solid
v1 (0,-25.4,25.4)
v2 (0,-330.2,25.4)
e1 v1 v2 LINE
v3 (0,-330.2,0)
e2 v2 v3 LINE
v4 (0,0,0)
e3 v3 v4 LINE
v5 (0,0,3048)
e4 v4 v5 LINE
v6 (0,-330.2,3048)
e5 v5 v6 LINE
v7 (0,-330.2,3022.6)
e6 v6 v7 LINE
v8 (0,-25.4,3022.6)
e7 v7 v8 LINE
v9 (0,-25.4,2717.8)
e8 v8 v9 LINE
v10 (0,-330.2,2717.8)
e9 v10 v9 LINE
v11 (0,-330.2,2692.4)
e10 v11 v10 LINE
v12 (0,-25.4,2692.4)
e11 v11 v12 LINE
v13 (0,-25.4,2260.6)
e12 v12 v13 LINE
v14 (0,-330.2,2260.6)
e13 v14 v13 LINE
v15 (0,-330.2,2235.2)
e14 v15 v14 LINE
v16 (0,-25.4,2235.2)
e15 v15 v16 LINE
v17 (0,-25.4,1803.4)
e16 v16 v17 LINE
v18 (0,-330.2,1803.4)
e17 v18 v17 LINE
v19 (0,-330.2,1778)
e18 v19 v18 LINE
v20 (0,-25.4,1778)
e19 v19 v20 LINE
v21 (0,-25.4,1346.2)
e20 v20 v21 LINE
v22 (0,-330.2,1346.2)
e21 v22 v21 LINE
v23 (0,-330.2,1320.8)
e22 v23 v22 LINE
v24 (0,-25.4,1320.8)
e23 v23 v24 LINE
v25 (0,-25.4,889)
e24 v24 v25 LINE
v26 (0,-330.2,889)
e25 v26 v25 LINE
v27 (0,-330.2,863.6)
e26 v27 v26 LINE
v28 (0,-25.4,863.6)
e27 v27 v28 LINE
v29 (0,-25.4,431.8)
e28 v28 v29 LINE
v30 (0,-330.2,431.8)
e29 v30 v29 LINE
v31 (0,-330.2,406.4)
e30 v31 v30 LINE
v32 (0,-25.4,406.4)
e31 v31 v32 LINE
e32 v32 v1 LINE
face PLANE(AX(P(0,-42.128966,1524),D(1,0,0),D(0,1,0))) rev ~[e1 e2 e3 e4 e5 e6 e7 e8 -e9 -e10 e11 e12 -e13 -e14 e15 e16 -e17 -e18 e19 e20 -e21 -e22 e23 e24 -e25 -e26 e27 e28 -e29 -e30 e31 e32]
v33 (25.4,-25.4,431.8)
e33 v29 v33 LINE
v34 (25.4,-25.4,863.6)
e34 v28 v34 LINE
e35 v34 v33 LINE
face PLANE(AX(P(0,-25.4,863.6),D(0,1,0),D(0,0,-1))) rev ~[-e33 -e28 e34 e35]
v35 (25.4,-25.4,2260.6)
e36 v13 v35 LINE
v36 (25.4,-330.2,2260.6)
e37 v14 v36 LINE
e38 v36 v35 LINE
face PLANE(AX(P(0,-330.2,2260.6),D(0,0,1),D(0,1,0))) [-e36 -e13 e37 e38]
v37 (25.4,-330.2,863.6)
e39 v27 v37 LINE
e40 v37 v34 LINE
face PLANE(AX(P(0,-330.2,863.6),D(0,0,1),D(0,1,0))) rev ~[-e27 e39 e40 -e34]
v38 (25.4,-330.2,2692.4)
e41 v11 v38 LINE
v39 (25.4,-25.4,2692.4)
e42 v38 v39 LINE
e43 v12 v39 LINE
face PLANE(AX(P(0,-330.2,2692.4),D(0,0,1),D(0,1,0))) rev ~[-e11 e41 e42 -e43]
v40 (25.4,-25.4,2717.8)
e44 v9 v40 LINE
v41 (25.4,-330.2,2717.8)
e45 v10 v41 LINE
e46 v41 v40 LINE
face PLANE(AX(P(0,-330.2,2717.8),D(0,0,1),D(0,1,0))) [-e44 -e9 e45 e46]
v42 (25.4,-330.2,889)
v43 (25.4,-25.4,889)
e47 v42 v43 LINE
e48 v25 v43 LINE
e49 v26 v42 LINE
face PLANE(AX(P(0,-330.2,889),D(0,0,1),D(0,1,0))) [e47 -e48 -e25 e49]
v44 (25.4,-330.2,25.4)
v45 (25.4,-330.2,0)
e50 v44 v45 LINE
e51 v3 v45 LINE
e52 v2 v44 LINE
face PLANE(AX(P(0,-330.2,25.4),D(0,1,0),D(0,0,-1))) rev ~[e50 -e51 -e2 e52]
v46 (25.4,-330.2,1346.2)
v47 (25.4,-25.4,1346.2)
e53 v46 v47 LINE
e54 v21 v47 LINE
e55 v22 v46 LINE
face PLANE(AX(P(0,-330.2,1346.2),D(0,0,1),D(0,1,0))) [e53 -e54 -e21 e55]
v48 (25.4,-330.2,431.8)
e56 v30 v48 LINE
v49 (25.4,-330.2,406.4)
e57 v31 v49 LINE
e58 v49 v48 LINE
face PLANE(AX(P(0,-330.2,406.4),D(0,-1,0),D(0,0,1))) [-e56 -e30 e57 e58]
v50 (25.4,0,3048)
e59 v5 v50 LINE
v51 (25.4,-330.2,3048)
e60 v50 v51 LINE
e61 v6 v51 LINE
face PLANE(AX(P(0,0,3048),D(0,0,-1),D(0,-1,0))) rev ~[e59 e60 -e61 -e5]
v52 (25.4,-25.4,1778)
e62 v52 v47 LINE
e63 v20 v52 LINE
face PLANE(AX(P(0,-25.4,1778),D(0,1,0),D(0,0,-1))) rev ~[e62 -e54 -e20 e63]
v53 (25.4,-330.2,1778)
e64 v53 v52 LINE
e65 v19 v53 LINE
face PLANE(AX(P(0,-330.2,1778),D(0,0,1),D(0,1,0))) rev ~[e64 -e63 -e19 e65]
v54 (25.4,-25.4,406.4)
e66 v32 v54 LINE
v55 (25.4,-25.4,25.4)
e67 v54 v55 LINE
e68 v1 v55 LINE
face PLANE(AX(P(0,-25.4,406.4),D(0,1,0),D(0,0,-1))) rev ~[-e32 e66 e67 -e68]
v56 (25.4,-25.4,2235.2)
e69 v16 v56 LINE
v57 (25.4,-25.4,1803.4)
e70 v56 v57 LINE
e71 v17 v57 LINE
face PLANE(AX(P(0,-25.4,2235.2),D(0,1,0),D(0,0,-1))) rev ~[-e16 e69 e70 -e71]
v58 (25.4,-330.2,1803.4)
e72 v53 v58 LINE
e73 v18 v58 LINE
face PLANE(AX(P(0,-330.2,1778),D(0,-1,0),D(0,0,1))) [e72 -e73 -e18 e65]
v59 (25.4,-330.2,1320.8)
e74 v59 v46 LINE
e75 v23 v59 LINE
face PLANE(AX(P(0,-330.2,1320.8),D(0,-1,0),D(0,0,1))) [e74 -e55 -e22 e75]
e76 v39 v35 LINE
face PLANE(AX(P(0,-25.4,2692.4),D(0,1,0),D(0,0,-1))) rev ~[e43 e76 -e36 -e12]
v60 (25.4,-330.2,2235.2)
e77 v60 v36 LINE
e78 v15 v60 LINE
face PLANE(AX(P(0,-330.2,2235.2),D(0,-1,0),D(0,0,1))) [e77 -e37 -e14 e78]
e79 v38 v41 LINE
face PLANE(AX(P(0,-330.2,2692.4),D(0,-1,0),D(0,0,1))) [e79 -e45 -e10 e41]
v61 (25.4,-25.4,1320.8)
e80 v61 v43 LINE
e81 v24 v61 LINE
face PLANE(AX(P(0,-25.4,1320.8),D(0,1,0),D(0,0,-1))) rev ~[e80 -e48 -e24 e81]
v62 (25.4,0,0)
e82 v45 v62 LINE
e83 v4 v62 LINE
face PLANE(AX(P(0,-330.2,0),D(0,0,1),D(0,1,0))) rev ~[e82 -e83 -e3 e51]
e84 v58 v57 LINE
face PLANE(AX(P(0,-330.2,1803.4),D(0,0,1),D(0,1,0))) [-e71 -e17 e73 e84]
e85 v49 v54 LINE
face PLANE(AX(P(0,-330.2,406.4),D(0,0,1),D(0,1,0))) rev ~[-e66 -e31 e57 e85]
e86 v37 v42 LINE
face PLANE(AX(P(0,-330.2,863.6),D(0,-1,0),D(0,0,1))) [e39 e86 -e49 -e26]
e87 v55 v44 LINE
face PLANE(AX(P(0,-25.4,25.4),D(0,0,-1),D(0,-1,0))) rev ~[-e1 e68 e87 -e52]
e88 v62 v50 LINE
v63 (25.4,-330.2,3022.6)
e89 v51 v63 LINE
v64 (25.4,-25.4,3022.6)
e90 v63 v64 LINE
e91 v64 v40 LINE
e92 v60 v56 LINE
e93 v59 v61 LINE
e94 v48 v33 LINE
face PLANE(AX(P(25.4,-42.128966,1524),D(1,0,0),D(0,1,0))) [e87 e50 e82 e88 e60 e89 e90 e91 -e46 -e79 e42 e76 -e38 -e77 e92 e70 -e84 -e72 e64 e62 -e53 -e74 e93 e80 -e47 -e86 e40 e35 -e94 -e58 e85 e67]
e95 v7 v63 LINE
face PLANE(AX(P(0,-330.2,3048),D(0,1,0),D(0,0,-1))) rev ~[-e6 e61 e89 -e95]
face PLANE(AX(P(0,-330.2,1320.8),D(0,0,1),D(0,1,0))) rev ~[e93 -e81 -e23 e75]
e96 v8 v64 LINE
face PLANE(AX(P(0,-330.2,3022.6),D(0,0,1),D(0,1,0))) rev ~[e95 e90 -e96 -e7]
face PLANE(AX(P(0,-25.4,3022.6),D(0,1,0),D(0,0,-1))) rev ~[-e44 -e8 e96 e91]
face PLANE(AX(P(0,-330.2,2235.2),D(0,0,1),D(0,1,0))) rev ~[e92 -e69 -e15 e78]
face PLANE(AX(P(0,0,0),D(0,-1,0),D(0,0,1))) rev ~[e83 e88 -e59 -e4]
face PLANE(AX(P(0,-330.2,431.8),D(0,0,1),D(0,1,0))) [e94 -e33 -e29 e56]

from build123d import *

# Parameters (mm, degrees)
F0_W     = 304.8
F0_H     = 25.4
F1_DEPTH = 25.4


with BuildPart() as f1:
    # F0 (on Right) → F1 (new body)
    with BuildSketch(Plane.YZ):
        Polygon((0, 3048), (-330.2, 3048), (-330.2, 3022.6), (-25.4, 3022.6), (-25.4, 2717.8), (-25.4, 2692.4), (-25.4, 2260.6), (-25.4, 2235.2), (-25.4, 1803.4), (-25.4, 1778), (-25.4, 1346.2), (-25.4, 1320.8), (-25.4, 889), (-25.4, 863.6), (-25.4, 431.8), (-25.4, 406.4), (-25.4, 25.4), (-330.2, 25.4), (-330.2, 0), (0, 0), align=None)
        with Locations((-177.8, 2705.1)):
            Rectangle(F0_W, F0_H)
        with Locations((-177.8, 2247.9)):
            Rectangle(F0_W, F0_H)
        with Locations((-177.8, 419.1)):
            Rectangle(F0_W, F0_H)
        with Locations((-177.8, 1790.7)):
            Rectangle(F0_W, F0_H)
        with Locations((-177.8, 876.3)):
            Rectangle(F0_W, F0_H)
        with Locations((-177.8, 1333.5)):
            Rectangle(F0_W, F0_H)
    extrude(amount=F1_DEPTH)


solid = f1.part
